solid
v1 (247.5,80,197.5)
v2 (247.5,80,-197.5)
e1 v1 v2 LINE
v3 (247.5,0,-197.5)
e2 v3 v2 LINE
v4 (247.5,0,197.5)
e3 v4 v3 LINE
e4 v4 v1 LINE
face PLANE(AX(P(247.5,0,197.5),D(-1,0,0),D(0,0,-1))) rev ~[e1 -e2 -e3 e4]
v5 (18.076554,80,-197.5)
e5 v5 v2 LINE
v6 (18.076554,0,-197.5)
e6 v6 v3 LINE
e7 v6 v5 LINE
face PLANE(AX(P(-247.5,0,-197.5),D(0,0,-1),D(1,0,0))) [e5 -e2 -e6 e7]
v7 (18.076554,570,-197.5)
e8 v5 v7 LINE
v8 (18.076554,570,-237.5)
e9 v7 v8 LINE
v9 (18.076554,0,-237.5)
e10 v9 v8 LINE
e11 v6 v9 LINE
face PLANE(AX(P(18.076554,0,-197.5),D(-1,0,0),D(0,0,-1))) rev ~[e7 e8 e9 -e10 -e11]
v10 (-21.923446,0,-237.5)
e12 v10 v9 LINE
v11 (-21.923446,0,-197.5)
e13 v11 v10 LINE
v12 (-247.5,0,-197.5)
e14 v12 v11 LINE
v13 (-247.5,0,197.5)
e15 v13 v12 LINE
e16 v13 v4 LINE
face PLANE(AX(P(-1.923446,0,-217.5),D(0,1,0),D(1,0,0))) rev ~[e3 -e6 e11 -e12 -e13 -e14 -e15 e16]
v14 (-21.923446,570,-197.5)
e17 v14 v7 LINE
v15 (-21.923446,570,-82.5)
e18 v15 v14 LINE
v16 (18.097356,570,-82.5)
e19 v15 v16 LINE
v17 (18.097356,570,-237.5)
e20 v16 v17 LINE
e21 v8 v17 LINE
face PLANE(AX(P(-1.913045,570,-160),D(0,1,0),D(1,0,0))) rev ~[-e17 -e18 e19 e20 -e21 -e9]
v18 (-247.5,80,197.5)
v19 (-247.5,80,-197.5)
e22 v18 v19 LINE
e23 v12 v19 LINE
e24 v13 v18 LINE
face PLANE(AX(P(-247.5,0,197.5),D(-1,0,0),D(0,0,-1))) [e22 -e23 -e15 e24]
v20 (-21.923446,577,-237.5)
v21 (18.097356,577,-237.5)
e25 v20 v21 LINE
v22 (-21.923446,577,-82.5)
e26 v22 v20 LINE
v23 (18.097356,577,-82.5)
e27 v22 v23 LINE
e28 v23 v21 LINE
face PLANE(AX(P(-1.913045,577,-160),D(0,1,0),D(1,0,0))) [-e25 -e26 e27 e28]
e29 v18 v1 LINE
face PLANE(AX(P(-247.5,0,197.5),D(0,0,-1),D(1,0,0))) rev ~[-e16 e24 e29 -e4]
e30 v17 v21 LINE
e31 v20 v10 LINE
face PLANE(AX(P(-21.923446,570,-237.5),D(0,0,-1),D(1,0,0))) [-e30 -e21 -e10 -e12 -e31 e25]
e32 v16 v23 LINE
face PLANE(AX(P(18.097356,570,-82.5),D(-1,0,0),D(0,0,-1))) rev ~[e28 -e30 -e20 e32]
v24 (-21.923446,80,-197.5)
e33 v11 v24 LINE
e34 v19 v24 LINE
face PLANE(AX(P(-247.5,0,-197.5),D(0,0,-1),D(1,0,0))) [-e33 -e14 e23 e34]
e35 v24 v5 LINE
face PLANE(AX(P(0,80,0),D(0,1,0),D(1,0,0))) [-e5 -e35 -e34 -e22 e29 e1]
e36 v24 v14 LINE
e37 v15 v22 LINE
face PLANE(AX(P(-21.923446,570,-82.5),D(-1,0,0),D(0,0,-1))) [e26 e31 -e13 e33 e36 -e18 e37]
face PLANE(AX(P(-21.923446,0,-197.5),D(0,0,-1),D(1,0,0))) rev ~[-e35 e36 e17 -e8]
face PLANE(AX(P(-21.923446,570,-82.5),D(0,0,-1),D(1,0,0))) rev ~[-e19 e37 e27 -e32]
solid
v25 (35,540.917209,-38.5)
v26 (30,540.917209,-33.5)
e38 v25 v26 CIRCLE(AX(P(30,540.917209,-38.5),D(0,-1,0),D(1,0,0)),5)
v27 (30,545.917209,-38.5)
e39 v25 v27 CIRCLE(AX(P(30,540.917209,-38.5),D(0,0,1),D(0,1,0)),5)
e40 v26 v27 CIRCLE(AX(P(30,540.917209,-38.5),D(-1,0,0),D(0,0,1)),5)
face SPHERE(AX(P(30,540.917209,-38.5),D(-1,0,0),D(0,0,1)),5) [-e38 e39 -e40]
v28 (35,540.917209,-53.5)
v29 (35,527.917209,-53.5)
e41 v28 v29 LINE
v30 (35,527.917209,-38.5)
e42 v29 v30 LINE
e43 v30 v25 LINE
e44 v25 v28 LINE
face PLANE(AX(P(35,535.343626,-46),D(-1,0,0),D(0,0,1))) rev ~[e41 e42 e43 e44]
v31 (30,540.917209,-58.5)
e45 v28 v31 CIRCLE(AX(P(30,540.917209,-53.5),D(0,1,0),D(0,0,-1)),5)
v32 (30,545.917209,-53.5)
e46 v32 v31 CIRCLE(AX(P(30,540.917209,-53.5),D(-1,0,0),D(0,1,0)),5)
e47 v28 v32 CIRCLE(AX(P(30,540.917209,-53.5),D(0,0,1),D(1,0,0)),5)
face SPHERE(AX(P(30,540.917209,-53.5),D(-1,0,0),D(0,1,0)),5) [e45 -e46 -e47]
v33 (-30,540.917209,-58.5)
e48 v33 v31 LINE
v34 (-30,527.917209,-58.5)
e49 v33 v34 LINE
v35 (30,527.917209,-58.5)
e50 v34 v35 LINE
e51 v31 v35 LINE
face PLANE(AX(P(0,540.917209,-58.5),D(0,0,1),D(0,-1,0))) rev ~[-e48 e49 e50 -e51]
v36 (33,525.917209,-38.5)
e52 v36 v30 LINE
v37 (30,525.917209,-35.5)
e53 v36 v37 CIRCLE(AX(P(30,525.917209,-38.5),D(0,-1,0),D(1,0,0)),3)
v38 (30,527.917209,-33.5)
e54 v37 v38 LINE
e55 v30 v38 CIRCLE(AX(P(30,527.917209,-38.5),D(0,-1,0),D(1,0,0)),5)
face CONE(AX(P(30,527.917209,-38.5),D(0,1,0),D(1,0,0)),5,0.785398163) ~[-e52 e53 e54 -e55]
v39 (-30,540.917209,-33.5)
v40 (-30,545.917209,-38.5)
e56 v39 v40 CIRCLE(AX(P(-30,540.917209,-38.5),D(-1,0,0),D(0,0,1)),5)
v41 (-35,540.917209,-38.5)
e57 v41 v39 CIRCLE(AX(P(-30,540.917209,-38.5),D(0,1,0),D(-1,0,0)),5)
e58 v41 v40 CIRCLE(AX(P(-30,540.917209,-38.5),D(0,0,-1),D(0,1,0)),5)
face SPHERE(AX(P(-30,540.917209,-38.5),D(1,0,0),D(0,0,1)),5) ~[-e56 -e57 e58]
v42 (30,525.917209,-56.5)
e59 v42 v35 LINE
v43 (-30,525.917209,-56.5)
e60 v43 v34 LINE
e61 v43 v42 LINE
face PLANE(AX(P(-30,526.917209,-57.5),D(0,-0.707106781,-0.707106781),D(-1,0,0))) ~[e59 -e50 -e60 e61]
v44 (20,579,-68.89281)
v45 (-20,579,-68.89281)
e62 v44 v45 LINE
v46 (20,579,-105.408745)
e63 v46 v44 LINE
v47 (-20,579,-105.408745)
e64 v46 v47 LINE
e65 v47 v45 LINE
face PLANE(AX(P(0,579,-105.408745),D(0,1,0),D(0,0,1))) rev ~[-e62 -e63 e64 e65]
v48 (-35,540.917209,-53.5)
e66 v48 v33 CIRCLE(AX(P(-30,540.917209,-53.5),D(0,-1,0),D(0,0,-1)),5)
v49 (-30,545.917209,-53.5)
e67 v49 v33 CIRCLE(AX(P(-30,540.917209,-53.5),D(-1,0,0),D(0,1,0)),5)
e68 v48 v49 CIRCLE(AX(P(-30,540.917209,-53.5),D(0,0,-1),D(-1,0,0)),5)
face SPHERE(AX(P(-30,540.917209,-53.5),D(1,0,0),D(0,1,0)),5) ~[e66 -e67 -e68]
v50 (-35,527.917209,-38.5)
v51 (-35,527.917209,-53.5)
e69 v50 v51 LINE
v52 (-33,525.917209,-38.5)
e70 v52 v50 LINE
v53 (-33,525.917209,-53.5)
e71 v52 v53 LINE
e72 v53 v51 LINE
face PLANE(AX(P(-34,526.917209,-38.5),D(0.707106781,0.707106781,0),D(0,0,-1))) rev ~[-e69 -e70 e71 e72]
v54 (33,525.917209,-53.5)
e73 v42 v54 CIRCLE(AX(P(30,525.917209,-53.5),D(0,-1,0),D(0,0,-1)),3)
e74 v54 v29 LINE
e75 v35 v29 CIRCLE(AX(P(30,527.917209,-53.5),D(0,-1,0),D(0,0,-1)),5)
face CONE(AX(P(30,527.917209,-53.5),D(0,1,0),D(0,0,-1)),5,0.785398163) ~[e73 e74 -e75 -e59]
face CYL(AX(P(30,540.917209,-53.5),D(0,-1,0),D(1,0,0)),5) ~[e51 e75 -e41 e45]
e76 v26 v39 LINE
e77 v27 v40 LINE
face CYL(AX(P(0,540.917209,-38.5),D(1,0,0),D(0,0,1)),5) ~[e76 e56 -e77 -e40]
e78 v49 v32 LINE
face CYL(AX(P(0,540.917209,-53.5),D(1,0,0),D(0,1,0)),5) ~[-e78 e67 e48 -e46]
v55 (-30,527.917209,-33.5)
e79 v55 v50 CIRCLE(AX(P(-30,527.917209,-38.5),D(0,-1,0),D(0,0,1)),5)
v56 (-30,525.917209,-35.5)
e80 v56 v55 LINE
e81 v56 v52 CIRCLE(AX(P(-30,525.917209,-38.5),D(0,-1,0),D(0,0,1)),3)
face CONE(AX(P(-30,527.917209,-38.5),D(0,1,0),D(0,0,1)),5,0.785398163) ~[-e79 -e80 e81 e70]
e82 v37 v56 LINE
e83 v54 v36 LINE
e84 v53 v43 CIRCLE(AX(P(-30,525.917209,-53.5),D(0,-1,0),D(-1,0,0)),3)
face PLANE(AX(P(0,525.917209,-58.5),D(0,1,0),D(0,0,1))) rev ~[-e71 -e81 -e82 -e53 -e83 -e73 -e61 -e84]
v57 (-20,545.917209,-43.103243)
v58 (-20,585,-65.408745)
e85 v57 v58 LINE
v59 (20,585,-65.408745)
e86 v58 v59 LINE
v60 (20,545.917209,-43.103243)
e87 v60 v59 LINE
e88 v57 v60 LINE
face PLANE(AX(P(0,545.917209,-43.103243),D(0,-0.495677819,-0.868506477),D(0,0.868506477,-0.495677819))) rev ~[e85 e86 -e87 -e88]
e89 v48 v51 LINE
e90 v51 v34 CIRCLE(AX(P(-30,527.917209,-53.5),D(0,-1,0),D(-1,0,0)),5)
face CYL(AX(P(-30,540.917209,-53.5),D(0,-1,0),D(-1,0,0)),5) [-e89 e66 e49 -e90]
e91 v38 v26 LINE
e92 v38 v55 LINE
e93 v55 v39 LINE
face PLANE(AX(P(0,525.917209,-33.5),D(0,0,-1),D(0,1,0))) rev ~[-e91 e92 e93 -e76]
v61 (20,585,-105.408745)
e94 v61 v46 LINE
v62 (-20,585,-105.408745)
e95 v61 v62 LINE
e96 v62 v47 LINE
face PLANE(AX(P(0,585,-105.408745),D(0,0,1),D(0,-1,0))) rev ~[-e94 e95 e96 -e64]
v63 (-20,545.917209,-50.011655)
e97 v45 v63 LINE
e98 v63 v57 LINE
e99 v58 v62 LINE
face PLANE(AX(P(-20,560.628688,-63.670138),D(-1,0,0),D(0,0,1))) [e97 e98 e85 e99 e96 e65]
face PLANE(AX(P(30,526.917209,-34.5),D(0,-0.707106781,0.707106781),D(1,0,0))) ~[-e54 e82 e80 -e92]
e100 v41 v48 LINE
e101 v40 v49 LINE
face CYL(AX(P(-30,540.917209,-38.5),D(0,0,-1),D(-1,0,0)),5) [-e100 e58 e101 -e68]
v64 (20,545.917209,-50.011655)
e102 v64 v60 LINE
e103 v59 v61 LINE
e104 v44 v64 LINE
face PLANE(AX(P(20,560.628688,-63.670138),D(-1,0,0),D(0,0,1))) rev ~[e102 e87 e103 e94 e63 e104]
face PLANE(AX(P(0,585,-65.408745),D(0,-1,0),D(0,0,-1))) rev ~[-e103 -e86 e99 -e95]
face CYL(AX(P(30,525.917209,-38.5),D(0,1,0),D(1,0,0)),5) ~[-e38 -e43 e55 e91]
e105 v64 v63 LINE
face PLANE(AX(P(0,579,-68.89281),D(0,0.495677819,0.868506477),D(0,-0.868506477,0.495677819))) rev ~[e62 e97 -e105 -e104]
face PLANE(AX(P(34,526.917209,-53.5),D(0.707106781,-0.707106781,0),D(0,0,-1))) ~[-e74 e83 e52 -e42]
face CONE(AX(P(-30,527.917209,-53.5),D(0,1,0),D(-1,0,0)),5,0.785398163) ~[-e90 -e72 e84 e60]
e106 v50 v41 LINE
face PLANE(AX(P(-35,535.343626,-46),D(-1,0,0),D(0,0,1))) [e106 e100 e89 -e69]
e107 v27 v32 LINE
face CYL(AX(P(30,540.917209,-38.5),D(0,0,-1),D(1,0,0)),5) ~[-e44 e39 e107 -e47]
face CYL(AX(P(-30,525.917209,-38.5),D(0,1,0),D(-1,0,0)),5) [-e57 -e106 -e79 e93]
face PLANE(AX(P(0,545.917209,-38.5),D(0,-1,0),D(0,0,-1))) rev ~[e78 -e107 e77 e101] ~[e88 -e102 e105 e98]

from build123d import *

# Parameters (mm, degrees)
SKETCH1_W           = 495
SKETCH1_H           = 395
BOSS_EXTRUDE1_DEPTH = 80
SKETCH2_W           = 40
SKETCH2_H           = 40
BOSS_EXTRUDE2_DEPTH = 570
SKETCH3_W           = 40.020801558
SKETCH3_H           = 155
BOSS_EXTRUDE3_DEPTH = 7
BOSS_EXTRUDE4_DEPTH = 20
BOSS_EXTRUDE5_DEPTH = 35
FILLET1_R           = 5
CHAMFER1_SIZE       = 2


with BuildPart() as part:
    # Sketch1 → Boss-Extrude1 (new body)
    with BuildSketch(Plane(origin=(0, 0, 0), x_dir=(1, 0, 0), z_dir=(0, 1, 0))):
        Rectangle(SKETCH1_W, SKETCH1_H)
    extrude(amount=BOSS_EXTRUDE1_DEPTH)

    # Sketch2 → Boss-Extrude2 (add)
    with BuildSketch(Plane(origin=(0, 0, 0), x_dir=(1, 0, 0), z_dir=(0, 1, 0))):
        with Locations((-1.923445808, 217.5)):
            Rectangle(SKETCH2_W, SKETCH2_H)
    extrude(amount=BOSS_EXTRUDE2_DEPTH)

    # Sketch3 → Boss-Extrude3 (add)
    with BuildSketch(Plane(origin=(0, 570, 0), x_dir=(1, 0, 0), z_dir=(0, 1, 0))):
        with Locations((-1.913045029, 160)):
            Rectangle(SKETCH3_W, SKETCH3_H)
    extrude(amount=BOSS_EXTRUDE3_DEPTH)


with BuildPart() as body_2:
    # Sketch4 → Boss-Extrude4 (new, symmetric)
    with BuildSketch(Plane(origin=(0, 0, 0), x_dir=(0, 0, -1), z_dir=(1, 0, 0))):
        with BuildLine():
            Line((65.408745176, 585), (105.408745176, 585))
            Line((105.408745176, 585), (105.408745176, 579))
            Line((105.408745176, 579), (68.892810257, 579))
            Line((68.892810257, 579), (50.011654683, 545.91720855))
            Line((50.011654683, 545.91720855), (53.5, 545.91720855))
            ThreePointArc((53.5, 545.91720855), (57.035533906, 544.452742456), (58.5, 540.91720855))
            Line((58.5, 540.91720855), (58.5, 525.91720855))
            Line((58.5, 525.91720855), (33.5, 525.91720855))
            Line((33.5, 525.91720855), (33.5, 540.91720855))
            ThreePointArc((33.5, 540.91720855), (34.964466094, 544.452742456), (38.5, 545.91720855))
            Line((38.5, 545.91720855), (43.103243334, 545.91720855))
            Line((43.103243334, 545.91720855), (65.408745176, 585))
        make_face()
    extrude(amount=BOSS_EXTRUDE4_DEPTH, both=True)

    # Sketch5 → Boss-Extrude5 (add, symmetric)
    with BuildSketch(Plane(origin=(0, 0, 0), x_dir=(0, 0, -1), z_dir=(1, 0, 0))):
        with BuildLine():
            Line((58.5, 525.91720855), (33.5, 525.91720855))
            Line((33.5, 525.91720855), (33.5, 540.91720855))
            ThreePointArc((33.5, 540.91720855), (34.964466094, 544.452742456), (38.5, 545.91720855))
            Line((38.5, 545.91720855), (43.103243334, 545.91720855))
            Line((43.103243334, 545.91720855), (50.011654683, 545.91720855))
            Line((50.011654683, 545.91720855), (53.5, 545.91720855))
            ThreePointArc((53.5, 545.91720855), (57.035533906, 544.452742456), (58.5, 540.91720855))
            Line((58.5, 540.91720855), (58.5, 525.91720855))
        make_face()
    extrude(amount=BOSS_EXTRUDE5_DEPTH, both=True)

    # Fillet1
    fillet1_edges = [body_2.edges().sort_by_distance(p)[0] for p in [
        (-35, 533.41720855, -58.5),
        (-35, 544.452742456, -57.035533906),
        (-35, 545.91720855, -46),
        (-35, 544.452742456, -34.964466094),
        (-35, 533.41720855, -33.5),
        (35, 533.41720855, -58.5),
        (35, 544.452742456, -57.035533906),
        (35, 545.91720855, -46),
        (35, 544.452742456, -34.964466094),
        (35, 533.41720855, -33.5),
    ]]
    fillet(fillet1_edges, radius=FILLET1_R)

    # Chamfer1
    chamfer1_edges = [body_2.edges().sort_by_distance(p)[0] for p in [
        (0, 525.91720855, -33.5),
        (-35, 525.91720855, -46),
        (0, 525.91720855, -58.5),
        (35, 525.91720855, -46),
        (33.535533906, 525.91720855, -57.035533906),
        (-33.535533906, 525.91720855, -57.035533906),
        (33.535533906, 525.91720855, -34.964466094),
        (-33.535533906, 525.91720855, -34.964466094),
    ]]
    chamfer(chamfer1_edges, length=CHAMFER1_SIZE)


solid = Compound([part.part, body_2.part])
